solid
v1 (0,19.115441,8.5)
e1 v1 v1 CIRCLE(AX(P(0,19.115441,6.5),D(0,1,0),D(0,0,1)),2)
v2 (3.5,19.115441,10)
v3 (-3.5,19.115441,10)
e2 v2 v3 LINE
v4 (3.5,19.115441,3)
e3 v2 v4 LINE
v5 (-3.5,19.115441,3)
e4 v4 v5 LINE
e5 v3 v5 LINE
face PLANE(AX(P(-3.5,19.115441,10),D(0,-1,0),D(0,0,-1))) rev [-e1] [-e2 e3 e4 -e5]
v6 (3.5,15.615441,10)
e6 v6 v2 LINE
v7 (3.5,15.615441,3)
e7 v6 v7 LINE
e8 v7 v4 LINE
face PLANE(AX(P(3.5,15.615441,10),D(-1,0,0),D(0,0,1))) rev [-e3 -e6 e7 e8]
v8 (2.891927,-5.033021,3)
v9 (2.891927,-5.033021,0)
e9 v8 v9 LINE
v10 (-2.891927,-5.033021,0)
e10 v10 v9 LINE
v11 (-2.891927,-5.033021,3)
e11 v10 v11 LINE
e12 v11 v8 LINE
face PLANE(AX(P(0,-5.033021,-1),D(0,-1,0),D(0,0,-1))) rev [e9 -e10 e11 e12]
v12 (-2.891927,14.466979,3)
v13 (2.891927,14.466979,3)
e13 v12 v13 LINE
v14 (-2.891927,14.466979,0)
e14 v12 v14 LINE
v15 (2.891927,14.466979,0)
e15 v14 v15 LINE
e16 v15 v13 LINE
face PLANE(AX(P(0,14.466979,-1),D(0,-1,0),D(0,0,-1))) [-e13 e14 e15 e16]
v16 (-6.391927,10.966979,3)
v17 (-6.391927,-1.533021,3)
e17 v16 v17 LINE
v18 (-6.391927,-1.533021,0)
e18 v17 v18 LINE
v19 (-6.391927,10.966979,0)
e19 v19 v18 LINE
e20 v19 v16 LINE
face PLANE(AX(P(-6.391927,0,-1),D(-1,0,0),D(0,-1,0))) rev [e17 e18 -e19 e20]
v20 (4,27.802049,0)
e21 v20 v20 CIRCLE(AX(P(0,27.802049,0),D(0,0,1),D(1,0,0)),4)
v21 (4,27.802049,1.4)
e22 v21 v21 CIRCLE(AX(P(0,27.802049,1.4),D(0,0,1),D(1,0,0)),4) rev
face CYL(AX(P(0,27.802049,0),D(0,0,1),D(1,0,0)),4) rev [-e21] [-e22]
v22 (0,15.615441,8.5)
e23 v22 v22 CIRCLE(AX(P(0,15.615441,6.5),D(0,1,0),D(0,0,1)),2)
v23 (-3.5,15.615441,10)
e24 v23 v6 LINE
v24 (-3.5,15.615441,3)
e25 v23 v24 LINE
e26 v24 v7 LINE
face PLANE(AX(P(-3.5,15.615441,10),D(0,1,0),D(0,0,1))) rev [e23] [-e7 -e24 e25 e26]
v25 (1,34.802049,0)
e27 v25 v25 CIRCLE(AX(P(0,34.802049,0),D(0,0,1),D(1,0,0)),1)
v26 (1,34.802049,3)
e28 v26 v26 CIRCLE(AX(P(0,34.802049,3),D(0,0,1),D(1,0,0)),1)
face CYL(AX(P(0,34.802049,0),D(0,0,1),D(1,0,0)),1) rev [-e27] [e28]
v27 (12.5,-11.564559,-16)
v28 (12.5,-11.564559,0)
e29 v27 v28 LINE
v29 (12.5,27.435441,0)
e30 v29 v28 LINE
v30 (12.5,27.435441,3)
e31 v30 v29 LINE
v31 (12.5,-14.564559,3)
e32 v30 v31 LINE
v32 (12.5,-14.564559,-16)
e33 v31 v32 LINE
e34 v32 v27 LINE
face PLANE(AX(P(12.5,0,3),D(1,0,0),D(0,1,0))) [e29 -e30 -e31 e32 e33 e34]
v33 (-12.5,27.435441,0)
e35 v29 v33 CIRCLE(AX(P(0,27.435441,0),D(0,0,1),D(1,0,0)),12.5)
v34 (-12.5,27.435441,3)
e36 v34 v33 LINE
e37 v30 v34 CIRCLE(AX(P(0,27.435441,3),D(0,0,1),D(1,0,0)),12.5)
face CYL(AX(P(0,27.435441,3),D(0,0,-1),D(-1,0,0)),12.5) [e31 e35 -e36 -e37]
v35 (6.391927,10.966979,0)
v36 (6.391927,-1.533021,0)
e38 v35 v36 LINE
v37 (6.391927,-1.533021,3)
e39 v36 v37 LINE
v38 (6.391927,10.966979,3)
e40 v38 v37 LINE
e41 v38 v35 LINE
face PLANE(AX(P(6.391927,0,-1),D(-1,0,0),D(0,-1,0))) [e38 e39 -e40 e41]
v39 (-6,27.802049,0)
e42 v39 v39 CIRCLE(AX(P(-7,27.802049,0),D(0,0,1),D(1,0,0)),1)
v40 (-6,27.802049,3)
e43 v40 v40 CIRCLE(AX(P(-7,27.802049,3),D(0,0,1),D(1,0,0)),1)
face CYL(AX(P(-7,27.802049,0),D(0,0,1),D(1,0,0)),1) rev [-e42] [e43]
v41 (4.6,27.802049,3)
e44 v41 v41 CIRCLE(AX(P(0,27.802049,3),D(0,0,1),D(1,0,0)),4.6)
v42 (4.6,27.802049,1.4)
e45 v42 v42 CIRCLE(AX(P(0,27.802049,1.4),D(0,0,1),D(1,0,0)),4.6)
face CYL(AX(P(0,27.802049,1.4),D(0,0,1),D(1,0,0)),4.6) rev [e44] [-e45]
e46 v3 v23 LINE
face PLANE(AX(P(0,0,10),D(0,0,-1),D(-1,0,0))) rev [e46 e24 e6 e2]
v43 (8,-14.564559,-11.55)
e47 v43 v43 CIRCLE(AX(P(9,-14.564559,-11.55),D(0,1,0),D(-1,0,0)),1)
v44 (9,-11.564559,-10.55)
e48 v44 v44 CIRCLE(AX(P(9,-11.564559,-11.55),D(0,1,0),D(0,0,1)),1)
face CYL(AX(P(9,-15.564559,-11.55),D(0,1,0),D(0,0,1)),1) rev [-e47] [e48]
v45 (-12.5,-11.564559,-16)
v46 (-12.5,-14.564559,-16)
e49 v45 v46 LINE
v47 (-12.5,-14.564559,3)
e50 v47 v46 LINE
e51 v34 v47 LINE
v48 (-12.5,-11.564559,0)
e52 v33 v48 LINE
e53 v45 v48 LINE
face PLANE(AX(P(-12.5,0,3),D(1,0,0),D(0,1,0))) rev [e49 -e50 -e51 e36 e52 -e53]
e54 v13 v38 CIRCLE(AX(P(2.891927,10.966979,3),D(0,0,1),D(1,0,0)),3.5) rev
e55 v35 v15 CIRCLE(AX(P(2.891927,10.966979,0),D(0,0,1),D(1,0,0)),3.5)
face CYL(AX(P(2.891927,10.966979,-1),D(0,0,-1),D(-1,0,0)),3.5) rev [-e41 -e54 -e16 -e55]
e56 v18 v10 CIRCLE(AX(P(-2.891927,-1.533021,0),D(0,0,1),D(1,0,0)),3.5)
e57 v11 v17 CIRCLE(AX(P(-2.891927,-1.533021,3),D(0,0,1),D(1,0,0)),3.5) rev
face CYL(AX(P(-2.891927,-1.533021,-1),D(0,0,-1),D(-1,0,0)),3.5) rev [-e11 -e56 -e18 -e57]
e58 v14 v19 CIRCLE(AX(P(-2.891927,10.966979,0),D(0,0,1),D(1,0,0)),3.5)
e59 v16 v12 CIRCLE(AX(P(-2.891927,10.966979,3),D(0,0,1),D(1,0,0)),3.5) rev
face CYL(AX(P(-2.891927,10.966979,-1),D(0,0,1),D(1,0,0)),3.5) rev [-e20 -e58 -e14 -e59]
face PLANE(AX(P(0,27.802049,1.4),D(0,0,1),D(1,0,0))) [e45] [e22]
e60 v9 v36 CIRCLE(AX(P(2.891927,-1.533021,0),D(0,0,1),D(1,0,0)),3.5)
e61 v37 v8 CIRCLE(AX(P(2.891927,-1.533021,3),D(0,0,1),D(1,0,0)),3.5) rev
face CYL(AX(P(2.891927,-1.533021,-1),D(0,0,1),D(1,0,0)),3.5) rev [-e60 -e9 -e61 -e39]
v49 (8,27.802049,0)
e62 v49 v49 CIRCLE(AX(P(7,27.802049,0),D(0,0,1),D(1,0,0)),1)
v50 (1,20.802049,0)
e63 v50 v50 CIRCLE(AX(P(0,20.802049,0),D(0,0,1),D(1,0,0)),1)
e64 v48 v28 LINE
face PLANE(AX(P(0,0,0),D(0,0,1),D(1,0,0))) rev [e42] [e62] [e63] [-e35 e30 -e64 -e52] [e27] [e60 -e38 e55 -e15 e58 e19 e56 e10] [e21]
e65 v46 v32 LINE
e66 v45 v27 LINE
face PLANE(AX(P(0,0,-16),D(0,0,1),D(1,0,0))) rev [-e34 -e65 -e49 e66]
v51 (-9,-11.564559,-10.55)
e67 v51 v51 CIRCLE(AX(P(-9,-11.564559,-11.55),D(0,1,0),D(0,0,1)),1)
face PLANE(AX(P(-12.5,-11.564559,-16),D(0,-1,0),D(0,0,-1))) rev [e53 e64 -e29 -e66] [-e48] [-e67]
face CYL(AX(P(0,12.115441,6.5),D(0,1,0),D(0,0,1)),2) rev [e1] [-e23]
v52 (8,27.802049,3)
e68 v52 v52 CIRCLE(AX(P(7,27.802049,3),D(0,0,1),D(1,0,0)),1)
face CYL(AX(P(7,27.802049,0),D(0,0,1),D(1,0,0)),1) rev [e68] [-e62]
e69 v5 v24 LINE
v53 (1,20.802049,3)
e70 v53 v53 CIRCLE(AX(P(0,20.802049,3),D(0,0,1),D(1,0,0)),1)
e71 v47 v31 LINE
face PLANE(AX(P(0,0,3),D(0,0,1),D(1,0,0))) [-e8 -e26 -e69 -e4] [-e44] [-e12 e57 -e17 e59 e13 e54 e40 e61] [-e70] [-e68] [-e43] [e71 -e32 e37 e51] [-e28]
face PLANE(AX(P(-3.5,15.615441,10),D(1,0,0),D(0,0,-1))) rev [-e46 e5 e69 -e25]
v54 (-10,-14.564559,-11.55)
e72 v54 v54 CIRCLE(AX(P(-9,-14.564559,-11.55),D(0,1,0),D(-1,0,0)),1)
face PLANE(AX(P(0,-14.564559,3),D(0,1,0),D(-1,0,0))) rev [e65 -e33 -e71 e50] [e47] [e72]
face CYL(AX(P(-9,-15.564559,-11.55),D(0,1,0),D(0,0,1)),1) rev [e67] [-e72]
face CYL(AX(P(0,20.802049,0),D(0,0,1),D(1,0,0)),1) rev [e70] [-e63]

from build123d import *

# Parameters (mm, degrees)
SKETCH1_W           = 25
SKETCH1_H           = 38.558203604
SKETCH1_H_2         = 3.441796396
BOSS_EXTRUDE1_DEPTH = 3
SKETCH2_R           = 4
SKETCH2_R_2         = 1
CUT_EXTRUDE1_DEPTH  = 3
SKETCH4_R           = 4.6
CUT_EXTRUDE2_DEPTH  = 1.6
SKETCH5_W           = 25
SKETCH5_H           = 3
BOSS_EXTRUDE3_DEPTH = 19
SKETCH7_R           = 1
CUT_EXTRUDE4_DEPTH  = 4
SKETCH8_W           = 12.783853214
SKETCH8_H           = 19.5
CUT_EXTRUDE5_DEPTH  = 4
FILLET1_R           = 3.5
SKETCH9_W           = 7
SKETCH9_H           = 3.5
BOSS_EXTRUDE4_DEPTH = 7
SKETCH10_R          = 2
CUT_EXTRUDE6_DEPTH  = 7


with BuildPart() as part:
    # Sketch1 → Boss-Extrude1 (new body)
    with BuildSketch(Plane.XY):
        with Locations((0, 8.156339421)):
            Rectangle(SKETCH1_W, SKETCH1_H)
        with BuildLine():
            Line((-12.5, 27.435441223), (12.5, 27.435441223))
            ThreePointArc((12.5, 27.435441223), (0, 39.935441223), (-12.5, 27.435441223))
        make_face()
        with Locations((0, -12.843660579)):
            Rectangle(SKETCH1_W, SKETCH1_H_2)
    extrude(amount=BOSS_EXTRUDE1_DEPTH)

    # Sketch2 → Cut-Extrude1 (cut)
    with BuildSketch(Plane.XY.offset(3)):
        with Locations((0, 27.802049159)):
            Circle(SKETCH2_R)
        with Locations((0, 34.802049159)):
            Circle(SKETCH2_R_2)
        with Locations((7, 27.802049159)):
            Circle(SKETCH2_R_2)
        with Locations((0, 20.802049159)):
            Circle(SKETCH2_R_2)
        with Locations((-7, 27.802049159)):
            Circle(SKETCH2_R_2)
    extrude(amount=-CUT_EXTRUDE1_DEPTH, mode=Mode.SUBTRACT)

    # Sketch4 → Cut-Extrude2 (cut)
    with BuildSketch(Plane.XY.offset(3)):
        with Locations((0, 27.802049159)):
            Circle(SKETCH4_R)
    extrude(amount=-CUT_EXTRUDE2_DEPTH, mode=Mode.SUBTRACT)

    # Sketch5 → Boss-Extrude3 (add)
    with BuildSketch(Plane.XY.offset(3)):
        with Locations((0, -13.064558777)):
            Rectangle(SKETCH5_W, SKETCH5_H)
    extrude(amount=-BOSS_EXTRUDE3_DEPTH)

    # Sketch7 → Cut-Extrude4 (cut)
    with BuildSketch(Plane(origin=(0, -11.564558777, 0), x_dir=(1, 0, 0), z_dir=(0, 1, 0))):
        with Locations((9, 11.55)):
            Circle(SKETCH7_R)
        with Locations((-9, 11.55)):
            Circle(SKETCH7_R)
    extrude(amount=-CUT_EXTRUDE4_DEPTH, mode=Mode.SUBTRACT)

    # Sketch8 → Cut-Extrude5 (cut)
    with BuildSketch(Plane.XY.offset(3)):
        with Locations((0, 4.716978639)):
            Rectangle(SKETCH8_W, SKETCH8_H)
    extrude(amount=-CUT_EXTRUDE5_DEPTH, mode=Mode.SUBTRACT)

    # Fillet1
    fillet1_edges = [part.edges().sort_by_distance(p)[0] for p in [
        (6.391926607, 14.466978639, 1.5),
        (6.391926607, -5.033021361, 1.5),
        (-6.391926607, -5.033021361, 1.5),
        (-6.391926607, 14.466978639, 1.5),
    ]]
    fillet(fillet1_edges, radius=FILLET1_R)

    # Sketch9 → Boss-Extrude4 (add)
    with BuildSketch(Plane.XY.offset(3)):
        with Locations((0, 17.365441223)):
            Rectangle(SKETCH9_W, SKETCH9_H)
    extrude(amount=BOSS_EXTRUDE4_DEPTH)

    # Sketch10 → Cut-Extrude6 (cut)
    with BuildSketch(Plane(origin=(0, 19.115441223, 0), x_dir=(1, 0, 0), z_dir=(0, 1, 0))):
        with Locations((0, -6.5)):
            Circle(SKETCH10_R)
    extrude(amount=-CUT_EXTRUDE6_DEPTH, mode=Mode.SUBTRACT)


solid = part.part
